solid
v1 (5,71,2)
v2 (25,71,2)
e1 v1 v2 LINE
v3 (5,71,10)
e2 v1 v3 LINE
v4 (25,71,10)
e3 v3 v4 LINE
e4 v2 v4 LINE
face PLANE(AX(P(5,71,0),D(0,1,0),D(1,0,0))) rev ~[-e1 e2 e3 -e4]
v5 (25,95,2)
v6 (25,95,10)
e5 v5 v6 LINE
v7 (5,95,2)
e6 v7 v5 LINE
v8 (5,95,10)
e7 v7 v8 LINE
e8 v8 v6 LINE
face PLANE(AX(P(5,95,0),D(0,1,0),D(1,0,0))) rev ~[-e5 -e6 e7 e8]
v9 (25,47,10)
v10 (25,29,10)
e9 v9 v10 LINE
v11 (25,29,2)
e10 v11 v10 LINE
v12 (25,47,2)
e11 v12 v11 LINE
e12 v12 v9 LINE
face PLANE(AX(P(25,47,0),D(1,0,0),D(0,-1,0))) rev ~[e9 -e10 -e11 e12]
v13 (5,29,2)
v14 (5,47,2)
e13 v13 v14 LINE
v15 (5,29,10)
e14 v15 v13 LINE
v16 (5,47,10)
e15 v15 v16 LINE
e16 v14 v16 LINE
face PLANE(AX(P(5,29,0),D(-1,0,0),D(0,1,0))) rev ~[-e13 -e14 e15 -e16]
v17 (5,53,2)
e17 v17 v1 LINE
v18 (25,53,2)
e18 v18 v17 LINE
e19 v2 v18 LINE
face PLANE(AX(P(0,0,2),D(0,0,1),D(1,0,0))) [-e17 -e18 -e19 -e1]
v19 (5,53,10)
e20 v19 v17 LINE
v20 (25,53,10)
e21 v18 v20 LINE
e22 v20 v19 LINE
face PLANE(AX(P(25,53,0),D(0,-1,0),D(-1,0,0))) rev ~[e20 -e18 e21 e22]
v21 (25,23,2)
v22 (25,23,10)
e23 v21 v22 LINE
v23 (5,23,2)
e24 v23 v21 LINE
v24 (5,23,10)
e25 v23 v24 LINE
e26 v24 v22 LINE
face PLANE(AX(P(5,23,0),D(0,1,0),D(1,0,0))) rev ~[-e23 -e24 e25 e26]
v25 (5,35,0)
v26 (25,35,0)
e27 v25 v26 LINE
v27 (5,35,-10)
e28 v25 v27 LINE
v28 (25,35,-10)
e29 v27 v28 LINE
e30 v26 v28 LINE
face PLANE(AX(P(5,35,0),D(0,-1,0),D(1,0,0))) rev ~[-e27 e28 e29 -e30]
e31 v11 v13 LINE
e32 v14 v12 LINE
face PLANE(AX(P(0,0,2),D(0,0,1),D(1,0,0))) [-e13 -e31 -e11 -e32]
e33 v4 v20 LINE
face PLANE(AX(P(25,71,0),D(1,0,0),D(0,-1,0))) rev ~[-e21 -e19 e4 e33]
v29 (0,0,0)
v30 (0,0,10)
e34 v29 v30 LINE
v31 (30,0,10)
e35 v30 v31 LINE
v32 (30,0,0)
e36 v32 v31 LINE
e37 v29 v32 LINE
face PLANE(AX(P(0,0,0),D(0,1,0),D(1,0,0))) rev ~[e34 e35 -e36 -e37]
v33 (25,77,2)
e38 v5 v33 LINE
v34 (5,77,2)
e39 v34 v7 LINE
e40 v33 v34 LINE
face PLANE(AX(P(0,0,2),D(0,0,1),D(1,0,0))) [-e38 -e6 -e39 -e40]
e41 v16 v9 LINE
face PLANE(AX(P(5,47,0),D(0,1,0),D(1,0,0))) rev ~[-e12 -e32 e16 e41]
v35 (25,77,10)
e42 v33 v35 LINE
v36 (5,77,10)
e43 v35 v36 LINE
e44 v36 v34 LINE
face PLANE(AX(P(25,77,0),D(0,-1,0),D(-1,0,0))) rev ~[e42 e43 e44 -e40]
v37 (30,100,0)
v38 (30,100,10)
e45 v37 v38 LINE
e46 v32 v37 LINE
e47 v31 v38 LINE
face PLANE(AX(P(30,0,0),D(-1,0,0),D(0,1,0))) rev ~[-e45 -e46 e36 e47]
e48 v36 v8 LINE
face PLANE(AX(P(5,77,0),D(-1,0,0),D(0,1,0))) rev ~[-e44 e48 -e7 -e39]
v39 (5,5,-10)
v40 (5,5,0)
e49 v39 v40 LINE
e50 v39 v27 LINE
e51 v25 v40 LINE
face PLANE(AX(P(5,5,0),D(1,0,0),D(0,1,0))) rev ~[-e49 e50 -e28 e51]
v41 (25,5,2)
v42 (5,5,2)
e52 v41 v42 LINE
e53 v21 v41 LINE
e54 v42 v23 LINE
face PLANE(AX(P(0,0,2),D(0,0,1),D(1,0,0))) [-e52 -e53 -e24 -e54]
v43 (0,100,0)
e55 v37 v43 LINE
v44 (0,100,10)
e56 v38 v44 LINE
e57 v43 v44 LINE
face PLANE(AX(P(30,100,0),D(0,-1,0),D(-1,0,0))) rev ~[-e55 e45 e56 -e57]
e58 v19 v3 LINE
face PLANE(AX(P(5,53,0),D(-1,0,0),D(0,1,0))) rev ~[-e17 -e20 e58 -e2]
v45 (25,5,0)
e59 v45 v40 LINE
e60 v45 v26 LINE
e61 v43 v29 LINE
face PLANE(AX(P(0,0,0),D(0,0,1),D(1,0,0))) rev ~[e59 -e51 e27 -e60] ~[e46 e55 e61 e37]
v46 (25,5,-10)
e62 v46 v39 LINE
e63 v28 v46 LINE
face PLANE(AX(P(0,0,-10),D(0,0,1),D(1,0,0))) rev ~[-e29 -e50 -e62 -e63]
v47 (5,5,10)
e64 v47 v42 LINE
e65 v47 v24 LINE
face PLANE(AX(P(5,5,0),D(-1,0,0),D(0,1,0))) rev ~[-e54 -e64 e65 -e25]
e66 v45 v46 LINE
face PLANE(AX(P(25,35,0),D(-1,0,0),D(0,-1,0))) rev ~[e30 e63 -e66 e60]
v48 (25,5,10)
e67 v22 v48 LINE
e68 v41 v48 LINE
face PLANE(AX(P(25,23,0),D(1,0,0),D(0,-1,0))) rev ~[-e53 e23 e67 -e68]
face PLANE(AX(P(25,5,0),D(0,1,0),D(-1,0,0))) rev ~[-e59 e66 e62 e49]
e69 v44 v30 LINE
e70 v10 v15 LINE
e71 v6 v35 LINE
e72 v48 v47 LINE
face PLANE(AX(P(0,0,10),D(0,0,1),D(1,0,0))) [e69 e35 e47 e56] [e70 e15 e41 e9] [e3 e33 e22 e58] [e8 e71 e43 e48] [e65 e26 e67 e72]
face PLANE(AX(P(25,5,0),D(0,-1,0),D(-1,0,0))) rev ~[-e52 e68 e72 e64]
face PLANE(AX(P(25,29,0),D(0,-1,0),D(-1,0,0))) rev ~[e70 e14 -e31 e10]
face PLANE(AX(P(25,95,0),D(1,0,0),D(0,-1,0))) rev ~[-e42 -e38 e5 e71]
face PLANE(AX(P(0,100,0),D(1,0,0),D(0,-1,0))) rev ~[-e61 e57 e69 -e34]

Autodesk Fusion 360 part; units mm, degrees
sketch " Compartment Divet" plane through (0, 0, 0) normal (0, 0, 1) x (1, 0, 0)
  line L0 (5, 5) -> (25, 5) construction
  line L1 (25, 5) -> (25, 35) construction
  line L2 (25, 35) -> (5, 35) construction
  line L3 (5, 35) -> (5, 5) construction
  line L4 (5, 35) -> (25, 35)
  line L5 (25, 35) -> (25, 5)
  line L6 (25, 5) -> (5, 5)
  line L7 (5, 5) -> (5, 35)
  dimension "d3" = 20
  dimension "d4" = 30
sketch "Compartment Body" plane through (0, 0, 0) normal (0, 0, 1) x (1, 0, 0)
  line L0 (0, 0) -> (30, 0)
  line L1 (30, 0) -> (30, 100)
  line L2 (30, 100) -> (0, 100)
  line L3 (0, 100) -> (0, 0)
  line L4 (5, 95) -> (25, 95)
  line L5 (25, 95) -> (25, 5)
  line L6 (25, 5) -> (5, 5)
  line L7 (5, 5) -> (5, 95)
  line L8 (5, 95) -> (25, 95)
  line L9 (25, 95) -> (25, 77)
  line L10 (25, 77) -> (5, 77)
  line L11 (5, 77) -> (5, 95)
  line L12 (5, 71) -> (25, 71)
  line L13 (25, 71) -> (25, 53)
  line L14 (25, 53) -> (5, 53)
  line L15 (5, 53) -> (5, 71)
  line L16 (5, 47) -> (25, 47)
  line L17 (25, 47) -> (25, 29)
  line L18 (25, 29) -> (5, 29)
  line L19 (5, 29) -> (5, 47)
  line L20 (5, 23) -> (25, 23)
  line L21 (25, 23) -> (25, 5)
  line L22 (25, 5) -> (5, 5)
  line L23 (5, 5) -> (5, 23)
  dimension "d7" = 30
  dimension "d8" = 100
  dimension "d11" = 18
  dimension "d12" = 18
  dimension "d13" = 18
  dimension "d14" = 18
extrude "Extrude2" add sketch " Compartment Divet" against normal blind 10 makes body 1
extrude "Extrude3" add sketch "Compartment Body" along normal blind 5 contours L4 L5 L7 L8 L9 L10 L11 | L5 L7 L12 L13 L14 L15 | L5 L7 L16 L17 L18 L19 | L5 L6 L7 L20 L21 L22 L23 bodies 1 makes body 2 at (11.6667, 65, 0) makes body 3 at (11.6667, 89, 0)
extrude "Extrude4" add sketch "Compartment Body" along normal blind 10 contours L0 L1 L2 L3 | L5 L7 L10 L12 | L5 L7 L14 L16 | L5 L7 L18 L20 bodies 1 2 3
extrude "Extrude5" cut 4 faces at (11.6667, 17, 5) (18.3333, 41, 5) (11.6667, 65, 5) (11.6667, 89, 5) along direction (0, 0, -1) blind 3 on bodies 1 bodies 1
